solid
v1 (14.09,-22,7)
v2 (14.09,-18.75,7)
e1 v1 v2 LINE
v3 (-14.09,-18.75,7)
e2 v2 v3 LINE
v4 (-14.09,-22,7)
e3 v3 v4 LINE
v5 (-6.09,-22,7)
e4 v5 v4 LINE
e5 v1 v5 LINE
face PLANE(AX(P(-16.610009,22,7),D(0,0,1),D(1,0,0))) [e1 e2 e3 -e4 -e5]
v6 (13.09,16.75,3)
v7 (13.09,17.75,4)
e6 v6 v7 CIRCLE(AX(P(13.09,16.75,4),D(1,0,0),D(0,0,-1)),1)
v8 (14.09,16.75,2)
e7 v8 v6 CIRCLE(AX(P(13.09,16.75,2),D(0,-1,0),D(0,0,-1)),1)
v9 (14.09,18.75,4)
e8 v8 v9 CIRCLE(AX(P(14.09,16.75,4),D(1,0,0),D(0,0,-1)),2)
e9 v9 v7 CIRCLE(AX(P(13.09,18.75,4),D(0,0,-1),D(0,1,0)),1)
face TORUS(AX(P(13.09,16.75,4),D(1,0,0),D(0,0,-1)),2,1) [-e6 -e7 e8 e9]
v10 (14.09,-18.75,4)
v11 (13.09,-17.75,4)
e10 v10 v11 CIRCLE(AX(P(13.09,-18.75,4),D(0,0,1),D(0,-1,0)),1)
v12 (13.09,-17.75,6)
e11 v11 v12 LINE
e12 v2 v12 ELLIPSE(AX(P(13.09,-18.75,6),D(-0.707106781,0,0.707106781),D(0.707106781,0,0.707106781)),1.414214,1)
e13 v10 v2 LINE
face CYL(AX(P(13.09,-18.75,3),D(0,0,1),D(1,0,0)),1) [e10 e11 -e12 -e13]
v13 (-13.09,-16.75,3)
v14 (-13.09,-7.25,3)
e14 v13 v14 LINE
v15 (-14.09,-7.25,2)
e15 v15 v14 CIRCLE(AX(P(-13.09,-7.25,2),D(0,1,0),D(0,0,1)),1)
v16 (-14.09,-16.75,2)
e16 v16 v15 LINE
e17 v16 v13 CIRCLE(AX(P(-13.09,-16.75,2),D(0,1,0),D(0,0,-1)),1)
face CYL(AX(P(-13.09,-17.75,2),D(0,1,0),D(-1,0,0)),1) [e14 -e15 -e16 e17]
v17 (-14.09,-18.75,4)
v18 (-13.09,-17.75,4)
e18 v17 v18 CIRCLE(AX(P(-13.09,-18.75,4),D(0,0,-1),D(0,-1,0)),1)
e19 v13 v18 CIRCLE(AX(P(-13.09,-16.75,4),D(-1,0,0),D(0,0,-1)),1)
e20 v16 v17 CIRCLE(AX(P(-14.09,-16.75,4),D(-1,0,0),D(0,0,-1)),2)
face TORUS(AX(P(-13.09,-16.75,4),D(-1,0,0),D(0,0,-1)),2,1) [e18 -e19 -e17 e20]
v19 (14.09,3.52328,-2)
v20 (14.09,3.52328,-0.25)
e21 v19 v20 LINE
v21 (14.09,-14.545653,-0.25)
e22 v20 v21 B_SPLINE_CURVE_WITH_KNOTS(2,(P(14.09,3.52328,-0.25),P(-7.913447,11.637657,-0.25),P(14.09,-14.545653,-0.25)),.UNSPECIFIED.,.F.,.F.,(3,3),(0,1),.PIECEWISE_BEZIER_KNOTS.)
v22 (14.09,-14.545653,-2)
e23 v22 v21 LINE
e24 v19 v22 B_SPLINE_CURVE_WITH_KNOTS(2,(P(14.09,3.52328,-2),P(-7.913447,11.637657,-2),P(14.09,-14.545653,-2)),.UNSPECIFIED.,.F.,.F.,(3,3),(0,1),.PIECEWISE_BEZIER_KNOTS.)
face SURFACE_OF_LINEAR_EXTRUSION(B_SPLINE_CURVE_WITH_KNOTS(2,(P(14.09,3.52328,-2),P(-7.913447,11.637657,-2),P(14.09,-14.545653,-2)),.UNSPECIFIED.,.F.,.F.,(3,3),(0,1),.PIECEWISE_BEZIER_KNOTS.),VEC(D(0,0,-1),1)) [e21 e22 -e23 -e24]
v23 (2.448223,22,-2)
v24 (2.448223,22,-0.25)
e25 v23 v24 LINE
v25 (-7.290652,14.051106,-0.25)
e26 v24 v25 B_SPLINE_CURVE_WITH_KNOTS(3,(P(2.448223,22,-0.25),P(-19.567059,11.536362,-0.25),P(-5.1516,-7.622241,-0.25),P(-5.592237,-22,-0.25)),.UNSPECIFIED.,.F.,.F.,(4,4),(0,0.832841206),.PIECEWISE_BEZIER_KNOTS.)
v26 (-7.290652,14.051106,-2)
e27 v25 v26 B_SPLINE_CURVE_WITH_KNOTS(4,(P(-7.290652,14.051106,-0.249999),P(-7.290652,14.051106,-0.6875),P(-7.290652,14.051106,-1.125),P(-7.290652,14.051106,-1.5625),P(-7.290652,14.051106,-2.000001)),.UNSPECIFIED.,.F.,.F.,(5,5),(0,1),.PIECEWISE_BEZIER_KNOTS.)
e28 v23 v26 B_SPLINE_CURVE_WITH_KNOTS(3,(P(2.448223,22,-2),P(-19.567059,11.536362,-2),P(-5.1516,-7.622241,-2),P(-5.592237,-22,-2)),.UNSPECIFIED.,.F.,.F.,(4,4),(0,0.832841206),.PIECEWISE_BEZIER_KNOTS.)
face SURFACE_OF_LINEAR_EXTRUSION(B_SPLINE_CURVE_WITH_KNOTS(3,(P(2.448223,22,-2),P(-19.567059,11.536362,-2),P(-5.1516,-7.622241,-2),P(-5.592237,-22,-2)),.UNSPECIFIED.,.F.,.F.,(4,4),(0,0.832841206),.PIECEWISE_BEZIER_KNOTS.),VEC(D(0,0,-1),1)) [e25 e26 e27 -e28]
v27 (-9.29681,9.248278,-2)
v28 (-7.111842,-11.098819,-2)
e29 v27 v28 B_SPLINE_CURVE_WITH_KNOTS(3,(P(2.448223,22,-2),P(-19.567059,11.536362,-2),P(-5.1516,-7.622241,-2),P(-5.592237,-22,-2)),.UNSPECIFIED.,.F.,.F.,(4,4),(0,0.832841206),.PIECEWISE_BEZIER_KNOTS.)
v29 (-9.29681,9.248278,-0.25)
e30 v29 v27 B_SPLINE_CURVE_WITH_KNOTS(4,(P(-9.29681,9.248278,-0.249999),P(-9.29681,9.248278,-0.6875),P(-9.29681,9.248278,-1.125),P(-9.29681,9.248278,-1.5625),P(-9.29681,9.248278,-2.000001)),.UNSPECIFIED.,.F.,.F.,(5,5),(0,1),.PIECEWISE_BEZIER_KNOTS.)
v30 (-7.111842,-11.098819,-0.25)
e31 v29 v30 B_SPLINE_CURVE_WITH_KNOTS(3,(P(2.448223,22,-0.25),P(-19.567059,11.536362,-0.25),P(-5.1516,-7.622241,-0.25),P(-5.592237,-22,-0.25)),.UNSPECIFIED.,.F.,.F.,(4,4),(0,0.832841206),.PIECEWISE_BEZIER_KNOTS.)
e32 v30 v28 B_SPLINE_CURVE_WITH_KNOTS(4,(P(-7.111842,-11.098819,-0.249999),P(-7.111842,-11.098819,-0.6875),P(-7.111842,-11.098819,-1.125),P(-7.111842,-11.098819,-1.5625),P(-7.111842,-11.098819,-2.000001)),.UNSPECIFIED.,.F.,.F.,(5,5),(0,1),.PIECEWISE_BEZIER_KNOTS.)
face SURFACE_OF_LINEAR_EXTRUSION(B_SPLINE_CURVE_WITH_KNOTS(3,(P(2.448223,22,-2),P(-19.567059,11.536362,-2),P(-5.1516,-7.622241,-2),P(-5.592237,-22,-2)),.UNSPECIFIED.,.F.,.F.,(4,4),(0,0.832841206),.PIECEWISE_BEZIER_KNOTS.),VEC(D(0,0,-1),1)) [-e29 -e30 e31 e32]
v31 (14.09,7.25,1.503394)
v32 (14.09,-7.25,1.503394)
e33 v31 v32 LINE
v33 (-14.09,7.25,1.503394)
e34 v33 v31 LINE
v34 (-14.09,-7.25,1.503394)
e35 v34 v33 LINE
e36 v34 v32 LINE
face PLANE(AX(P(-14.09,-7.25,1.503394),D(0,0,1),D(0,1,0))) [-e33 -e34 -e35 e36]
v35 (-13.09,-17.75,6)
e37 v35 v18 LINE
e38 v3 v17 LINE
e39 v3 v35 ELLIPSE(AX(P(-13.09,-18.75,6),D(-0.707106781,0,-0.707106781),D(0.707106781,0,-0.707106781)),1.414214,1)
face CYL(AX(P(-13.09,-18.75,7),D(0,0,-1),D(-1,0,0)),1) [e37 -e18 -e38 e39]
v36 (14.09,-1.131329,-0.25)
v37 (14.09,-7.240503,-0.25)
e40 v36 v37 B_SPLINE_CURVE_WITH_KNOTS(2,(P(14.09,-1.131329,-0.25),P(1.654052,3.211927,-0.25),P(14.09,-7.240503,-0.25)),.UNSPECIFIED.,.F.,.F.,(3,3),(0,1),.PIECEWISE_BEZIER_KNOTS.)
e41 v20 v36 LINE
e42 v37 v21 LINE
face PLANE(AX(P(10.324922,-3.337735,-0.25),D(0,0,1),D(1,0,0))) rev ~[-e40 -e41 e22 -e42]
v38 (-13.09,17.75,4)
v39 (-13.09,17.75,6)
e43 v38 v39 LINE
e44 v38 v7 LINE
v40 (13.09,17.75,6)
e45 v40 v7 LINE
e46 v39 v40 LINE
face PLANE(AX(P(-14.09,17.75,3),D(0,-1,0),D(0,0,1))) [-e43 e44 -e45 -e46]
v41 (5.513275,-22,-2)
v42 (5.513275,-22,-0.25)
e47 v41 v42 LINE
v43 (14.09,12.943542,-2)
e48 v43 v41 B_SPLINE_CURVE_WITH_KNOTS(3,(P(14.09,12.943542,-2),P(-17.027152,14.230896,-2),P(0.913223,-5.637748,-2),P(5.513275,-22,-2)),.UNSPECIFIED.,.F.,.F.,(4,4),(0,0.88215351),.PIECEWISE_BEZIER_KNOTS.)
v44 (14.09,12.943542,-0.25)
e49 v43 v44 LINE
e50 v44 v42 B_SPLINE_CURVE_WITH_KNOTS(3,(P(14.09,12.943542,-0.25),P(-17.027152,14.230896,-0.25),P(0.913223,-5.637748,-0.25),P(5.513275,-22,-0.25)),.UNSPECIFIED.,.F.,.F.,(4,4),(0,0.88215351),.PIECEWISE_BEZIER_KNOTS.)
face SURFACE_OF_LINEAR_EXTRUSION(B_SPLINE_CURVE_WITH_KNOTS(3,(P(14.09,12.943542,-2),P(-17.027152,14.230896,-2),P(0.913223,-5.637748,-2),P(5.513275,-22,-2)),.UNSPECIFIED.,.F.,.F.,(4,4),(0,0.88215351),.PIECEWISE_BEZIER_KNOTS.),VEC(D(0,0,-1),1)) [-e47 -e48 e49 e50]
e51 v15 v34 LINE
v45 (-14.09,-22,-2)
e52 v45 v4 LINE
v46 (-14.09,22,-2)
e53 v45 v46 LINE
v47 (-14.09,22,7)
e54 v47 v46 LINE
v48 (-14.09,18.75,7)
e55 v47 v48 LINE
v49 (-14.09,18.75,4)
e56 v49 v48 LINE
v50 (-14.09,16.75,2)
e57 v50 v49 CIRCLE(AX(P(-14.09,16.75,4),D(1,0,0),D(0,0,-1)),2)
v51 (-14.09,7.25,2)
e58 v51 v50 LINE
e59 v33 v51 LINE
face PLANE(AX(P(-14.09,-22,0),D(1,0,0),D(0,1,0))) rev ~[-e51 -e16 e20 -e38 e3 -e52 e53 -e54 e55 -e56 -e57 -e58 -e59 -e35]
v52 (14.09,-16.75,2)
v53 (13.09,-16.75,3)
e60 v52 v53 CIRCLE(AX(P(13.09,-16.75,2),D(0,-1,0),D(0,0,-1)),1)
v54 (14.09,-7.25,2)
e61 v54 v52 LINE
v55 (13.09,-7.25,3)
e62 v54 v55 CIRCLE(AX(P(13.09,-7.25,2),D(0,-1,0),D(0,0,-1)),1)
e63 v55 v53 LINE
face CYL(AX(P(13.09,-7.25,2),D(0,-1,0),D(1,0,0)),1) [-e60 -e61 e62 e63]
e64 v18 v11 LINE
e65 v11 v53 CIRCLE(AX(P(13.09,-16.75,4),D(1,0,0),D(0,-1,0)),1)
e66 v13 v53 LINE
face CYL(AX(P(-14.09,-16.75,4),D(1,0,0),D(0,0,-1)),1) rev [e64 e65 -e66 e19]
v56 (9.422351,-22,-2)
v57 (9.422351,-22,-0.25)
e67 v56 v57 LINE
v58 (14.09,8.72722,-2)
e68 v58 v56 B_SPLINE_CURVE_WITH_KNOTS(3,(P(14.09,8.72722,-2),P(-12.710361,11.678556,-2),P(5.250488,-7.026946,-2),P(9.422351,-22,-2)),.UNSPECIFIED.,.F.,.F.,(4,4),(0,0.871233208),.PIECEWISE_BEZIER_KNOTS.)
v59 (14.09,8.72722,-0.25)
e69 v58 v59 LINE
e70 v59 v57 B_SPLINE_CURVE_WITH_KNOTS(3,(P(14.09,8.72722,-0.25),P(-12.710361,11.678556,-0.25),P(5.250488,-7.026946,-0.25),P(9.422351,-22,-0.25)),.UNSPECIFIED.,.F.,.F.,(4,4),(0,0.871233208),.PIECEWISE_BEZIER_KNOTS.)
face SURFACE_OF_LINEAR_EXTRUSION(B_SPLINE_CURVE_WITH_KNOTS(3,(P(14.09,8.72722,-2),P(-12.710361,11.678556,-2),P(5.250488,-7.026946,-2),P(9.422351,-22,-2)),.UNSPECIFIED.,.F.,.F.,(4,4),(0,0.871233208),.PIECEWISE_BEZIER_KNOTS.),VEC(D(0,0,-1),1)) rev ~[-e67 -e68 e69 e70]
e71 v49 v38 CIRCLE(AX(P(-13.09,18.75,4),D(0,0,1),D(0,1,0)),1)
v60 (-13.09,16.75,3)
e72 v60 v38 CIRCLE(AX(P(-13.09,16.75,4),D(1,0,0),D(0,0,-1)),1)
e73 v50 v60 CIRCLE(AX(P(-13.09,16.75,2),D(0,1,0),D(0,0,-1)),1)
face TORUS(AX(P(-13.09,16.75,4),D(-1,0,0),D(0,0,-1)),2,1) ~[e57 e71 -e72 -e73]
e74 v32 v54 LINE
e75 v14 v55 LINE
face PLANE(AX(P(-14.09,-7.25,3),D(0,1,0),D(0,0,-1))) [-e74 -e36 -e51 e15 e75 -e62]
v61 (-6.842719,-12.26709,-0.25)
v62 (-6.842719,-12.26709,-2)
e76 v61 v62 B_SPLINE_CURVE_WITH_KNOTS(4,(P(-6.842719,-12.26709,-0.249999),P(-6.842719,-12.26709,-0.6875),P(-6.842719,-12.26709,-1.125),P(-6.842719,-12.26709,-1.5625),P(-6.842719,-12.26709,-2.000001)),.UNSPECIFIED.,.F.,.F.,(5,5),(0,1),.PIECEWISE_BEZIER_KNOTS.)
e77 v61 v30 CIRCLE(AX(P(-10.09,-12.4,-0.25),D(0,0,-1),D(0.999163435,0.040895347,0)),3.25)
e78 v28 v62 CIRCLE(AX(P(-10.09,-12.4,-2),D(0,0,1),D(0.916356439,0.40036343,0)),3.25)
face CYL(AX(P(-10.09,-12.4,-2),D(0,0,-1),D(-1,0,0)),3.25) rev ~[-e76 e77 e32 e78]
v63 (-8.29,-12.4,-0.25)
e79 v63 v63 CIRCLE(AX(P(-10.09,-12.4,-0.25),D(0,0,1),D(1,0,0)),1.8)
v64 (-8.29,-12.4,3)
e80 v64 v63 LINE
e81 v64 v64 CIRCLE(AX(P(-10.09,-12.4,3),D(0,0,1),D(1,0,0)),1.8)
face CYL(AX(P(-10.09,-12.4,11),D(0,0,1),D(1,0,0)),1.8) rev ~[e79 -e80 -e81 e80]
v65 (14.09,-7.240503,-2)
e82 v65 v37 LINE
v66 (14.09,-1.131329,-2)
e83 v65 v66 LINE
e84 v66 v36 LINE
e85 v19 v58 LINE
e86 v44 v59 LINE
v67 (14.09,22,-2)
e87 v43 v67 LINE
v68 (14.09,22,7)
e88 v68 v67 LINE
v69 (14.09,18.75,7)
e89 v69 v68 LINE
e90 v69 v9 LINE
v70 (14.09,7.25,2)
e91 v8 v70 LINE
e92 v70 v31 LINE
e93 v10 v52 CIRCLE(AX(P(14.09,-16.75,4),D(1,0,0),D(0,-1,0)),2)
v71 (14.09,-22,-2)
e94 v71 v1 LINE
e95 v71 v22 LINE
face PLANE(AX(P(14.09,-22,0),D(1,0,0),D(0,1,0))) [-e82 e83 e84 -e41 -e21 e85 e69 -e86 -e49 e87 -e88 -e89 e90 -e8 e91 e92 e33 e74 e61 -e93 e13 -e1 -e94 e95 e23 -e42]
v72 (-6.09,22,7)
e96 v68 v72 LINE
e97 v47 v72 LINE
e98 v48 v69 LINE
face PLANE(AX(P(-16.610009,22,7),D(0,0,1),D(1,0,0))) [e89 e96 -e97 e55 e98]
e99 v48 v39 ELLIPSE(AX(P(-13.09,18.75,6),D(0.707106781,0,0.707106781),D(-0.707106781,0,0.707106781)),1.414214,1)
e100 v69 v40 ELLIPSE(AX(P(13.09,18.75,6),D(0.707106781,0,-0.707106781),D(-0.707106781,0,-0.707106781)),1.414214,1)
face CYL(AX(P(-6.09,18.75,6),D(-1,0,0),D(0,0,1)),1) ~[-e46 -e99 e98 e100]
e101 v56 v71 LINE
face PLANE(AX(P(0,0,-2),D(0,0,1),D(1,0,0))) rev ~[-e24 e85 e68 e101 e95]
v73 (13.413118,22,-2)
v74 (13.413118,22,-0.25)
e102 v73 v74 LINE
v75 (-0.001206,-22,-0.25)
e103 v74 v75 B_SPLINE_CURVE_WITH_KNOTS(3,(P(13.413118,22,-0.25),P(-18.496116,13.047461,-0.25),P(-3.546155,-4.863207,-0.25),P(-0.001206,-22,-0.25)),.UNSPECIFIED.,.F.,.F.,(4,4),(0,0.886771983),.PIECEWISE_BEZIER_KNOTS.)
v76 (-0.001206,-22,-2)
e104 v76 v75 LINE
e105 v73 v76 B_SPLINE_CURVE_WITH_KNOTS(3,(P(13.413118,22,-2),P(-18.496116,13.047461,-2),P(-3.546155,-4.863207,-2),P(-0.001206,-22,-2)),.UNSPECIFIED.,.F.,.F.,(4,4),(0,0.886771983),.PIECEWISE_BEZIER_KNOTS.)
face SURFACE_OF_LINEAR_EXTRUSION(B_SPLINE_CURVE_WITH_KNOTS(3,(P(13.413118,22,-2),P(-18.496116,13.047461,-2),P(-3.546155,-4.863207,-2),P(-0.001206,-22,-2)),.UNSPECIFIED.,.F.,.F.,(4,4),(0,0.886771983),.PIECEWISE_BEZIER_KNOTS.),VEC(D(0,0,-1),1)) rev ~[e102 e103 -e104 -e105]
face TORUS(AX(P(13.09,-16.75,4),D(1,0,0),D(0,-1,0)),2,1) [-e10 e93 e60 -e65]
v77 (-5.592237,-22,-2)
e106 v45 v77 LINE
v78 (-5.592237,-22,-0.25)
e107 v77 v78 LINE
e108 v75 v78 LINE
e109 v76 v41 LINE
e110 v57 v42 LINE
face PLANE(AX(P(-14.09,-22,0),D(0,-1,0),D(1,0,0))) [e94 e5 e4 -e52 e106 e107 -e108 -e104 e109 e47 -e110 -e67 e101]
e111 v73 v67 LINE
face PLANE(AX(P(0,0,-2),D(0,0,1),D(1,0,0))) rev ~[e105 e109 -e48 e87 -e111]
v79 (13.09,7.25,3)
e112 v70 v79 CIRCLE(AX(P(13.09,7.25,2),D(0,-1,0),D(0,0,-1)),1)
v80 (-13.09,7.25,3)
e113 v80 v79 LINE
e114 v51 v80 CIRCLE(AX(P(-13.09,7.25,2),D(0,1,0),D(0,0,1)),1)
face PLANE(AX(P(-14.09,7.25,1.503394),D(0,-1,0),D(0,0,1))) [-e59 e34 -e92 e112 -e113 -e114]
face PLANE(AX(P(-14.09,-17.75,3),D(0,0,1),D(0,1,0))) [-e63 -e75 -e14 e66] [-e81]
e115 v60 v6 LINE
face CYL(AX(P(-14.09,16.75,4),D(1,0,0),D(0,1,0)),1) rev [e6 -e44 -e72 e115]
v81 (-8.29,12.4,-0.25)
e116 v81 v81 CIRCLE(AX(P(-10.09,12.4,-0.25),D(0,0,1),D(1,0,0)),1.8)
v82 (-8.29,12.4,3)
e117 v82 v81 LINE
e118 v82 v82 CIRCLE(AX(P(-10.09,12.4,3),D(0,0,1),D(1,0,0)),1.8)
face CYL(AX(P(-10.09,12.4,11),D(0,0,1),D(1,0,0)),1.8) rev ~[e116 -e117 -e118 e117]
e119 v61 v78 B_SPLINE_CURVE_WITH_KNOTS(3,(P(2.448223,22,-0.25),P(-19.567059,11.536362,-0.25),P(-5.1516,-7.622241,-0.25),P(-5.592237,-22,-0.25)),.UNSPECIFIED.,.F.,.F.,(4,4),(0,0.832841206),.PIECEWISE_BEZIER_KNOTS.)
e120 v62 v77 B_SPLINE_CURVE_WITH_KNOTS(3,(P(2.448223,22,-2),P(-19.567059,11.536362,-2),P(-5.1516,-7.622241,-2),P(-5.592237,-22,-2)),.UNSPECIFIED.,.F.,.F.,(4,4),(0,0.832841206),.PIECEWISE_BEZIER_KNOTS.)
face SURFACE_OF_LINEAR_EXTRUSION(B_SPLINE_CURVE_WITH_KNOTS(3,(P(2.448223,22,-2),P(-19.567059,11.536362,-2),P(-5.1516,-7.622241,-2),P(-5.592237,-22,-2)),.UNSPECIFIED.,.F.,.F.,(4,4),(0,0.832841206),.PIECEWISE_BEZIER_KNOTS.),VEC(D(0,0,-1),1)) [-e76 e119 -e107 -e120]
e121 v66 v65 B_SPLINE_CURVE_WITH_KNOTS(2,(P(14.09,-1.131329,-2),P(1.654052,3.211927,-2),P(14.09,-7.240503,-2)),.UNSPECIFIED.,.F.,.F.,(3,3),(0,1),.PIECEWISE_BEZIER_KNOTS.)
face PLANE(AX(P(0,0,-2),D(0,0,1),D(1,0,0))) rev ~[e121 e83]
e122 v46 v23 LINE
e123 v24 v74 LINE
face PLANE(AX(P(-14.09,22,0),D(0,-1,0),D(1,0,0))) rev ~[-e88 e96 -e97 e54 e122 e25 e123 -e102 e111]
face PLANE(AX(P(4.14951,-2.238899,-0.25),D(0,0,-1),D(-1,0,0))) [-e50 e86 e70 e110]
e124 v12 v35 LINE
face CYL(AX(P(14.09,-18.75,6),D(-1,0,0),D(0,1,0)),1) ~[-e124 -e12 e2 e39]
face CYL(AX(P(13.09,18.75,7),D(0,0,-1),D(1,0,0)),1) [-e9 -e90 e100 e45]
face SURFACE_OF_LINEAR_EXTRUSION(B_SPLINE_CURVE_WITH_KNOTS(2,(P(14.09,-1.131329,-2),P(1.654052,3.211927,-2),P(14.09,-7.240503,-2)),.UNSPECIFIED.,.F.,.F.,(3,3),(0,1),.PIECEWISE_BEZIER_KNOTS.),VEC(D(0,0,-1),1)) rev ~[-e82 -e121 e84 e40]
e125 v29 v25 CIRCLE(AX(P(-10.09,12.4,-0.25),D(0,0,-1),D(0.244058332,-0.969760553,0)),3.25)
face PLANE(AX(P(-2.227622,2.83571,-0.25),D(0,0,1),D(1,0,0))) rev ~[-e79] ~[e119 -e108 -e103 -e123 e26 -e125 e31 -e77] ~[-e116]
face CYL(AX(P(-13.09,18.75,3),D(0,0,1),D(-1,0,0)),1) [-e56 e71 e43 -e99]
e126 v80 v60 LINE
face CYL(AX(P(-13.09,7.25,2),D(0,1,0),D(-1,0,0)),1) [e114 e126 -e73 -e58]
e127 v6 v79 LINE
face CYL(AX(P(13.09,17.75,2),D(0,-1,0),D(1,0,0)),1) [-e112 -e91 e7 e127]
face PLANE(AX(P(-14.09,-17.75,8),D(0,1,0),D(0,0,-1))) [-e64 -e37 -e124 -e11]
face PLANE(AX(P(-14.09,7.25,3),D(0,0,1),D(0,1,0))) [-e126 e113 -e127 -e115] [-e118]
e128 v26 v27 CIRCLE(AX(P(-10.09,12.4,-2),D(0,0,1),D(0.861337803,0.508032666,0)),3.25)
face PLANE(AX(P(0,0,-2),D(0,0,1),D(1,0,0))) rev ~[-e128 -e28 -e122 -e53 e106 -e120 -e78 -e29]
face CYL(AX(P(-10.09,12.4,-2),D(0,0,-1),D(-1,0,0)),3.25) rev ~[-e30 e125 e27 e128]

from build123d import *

# Parameters (mm, degrees)
SKETCH1_W                = 28.18
SKETCH1_H                = 44
BOSS_EXTRUDE1_DEPTH      = 11
BOSS_EXTRUDE1_DEPTH_BACK = 2
CUT_EXTRUDE1_DEPTH       = 37
SKETCH4_W                = 20.18
SKETCH4_H                = 4
CUT_EXTRUDE2_DEPTH       = 48
CUT_EXTRUDE3_DEPTH       = 1.75
SKETCH7_R                = 1.8
CUT_EXTRUDE4_DEPTH       = 23
SKETCH10_W               = 11.795844225
SKETCH10_H               = 4.586005201
CUT_EXTRUDE7_DEPTH       = 53
FILLET1_R                = 1
SKETCH8_R                = 3.25
CUT_EXTRUDE5_DEPTH       = 1.75


with BuildPart() as part:
    # Sketch1 → Boss-Extrude1 (new body, two sides)
    with BuildSketch(Plane.XY) as boss_extrude1_sk:
        Rectangle(SKETCH1_W, SKETCH1_H)
    extrude(amount=BOSS_EXTRUDE1_DEPTH)
    extrude(boss_extrude1_sk.sketch, amount=-BOSS_EXTRUDE1_DEPTH_BACK)

    # Sketch3 → Cut-Extrude1 (cut)
    with BuildSketch(Plane.ZY.offset(14.09)):
        Polygon((8, 7.25), (11, 7.25), (11, -7.25), (8, -7.25), (8, -17.75), (3, -17.75), (3, -7.25), (1.5033938, -7.25), (1.5033938, 7.25), (3, 7.25), (3, 17.75), (8, 17.75), align=None)
    extrude(amount=-CUT_EXTRUDE1_DEPTH, mode=Mode.SUBTRACT)

    # Sketch4 → Cut-Extrude2 (cut)
    with BuildSketch(Plane.XZ.offset(22)):
        with Locations((4, 9)):
            Rectangle(SKETCH4_W, SKETCH4_H)
    extrude(amount=-CUT_EXTRUDE2_DEPTH, mode=Mode.SUBTRACT)

    # Sketch5 → Cut-Extrude3 (cut)
    with BuildSketch(Plane(origin=(0, 0, -2), x_dir=(-1, 0, 0), z_dir=(0, 0, -1))):
        with BuildLine():
            Line((-9.422350513, -22), (-5.513274624, -22))
            add(Edge.make_bspline(
                [(-14.09, 12.943541527), (17.027152303, 14.230895657), (-0.913223026, -5.637747584), (-5.513274624, -22)],
                knots=[0, 0, 0, 0, 0.88215351, 0.88215351, 0.88215351, 0.88215351], degree=3))
            Line((-14.09, 12.943541527), (-14.09, 8.727219843))
            add(Edge.make_bspline(
                [(-14.09, 8.727219843), (12.710361443, 11.678555955), (-5.250487577, -7.026945605), (-9.422350513, -22)],
                knots=[0, 0, 0, 0, 0.871233208, 0.871233208, 0.871233208, 0.871233208], degree=3))
        make_face()
        with BuildLine():
            add(Edge.make_bspline(
                [(-14.09, 3.523280295), (7.913446573, 11.6376574), (-14.09, -14.545652593)],
                knots=[0, 0, 0, 1, 1, 1], degree=2))
            Line((-14.09, 3.523280295), (-14.09, -1.131328535))
            add(Edge.make_bspline(
                [(-14.09, -1.131328535), (-1.654052468, 3.211926994), (-14.09, -7.240502624)],
                knots=[0, 0, 0, 1, 1, 1], degree=2))
            Line((-14.09, -7.240502624), (-14.09, -14.545652593))
        make_face()
        with BuildLine():
            add(Edge.make_bspline(
                [(-2.448223174, 22), (19.56705897, 11.536361781), (5.151599528, -7.62224079), (5.592236917, -22)],
                knots=[0, 0, 0, 0, 0.832841206, 0.832841206, 0.832841206, 0.832841206], degree=3))
            Line((-2.448223174, 22), (-13.413117725, 22))
            add(Edge.make_bspline(
                [(-13.413117725, 22), (18.496116363, 13.047461166), (3.546154763, -4.863207343), (0.001206333, -22)],
                knots=[0, 0, 0, 0, 0.886771983, 0.886771983, 0.886771983, 0.886771983], degree=3))
            Line((0.001206333, -22), (5.592236917, -22))
        make_face()
    extrude(amount=-CUT_EXTRUDE3_DEPTH, mode=Mode.SUBTRACT)

    # Sketch7 → Cut-Extrude4 (cut)
    with BuildSketch(Plane.XY.offset(11)):
        with Locations((-10.09, 12.4)):
            Circle(SKETCH7_R)
        with Locations((-10.09, -12.4)):
            Circle(SKETCH7_R)
    extrude(amount=-CUT_EXTRUDE4_DEPTH, mode=Mode.SUBTRACT)

    # Sketch10 → Cut-Extrude7 (cut)
    with BuildSketch(Plane(origin=(0, 22, 0), x_dir=(1, 0, 0), z_dir=(0, 1, 0))):
        with Locations((-10.712086776, -9.2930026)):
            Rectangle(SKETCH10_W, SKETCH10_H)
    extrude(amount=-CUT_EXTRUDE7_DEPTH, mode=Mode.SUBTRACT)

    # Fillet1
    fillet1_edges = [part.edges().sort_by_distance(p)[0] for p in [
        (-14.09, 17.75, 5),
        (14.09, -12.5, 3),
        (14.09, 12.5, 3),
        (14.09, 17.75, 5),
        (0, -17.75, 3),
        (0, 17.75, 3),
        (-14.09, -12.5, 3),
        (-14.09, -17.75, 5),
        (-14.09, 12.5, 3),
        (14.09, -17.75, 5),
        (0, -17.75, 7),
        (0, 17.75, 7),
    ]]
    fillet(fillet1_edges, radius=FILLET1_R)

    # Sketch8 → Cut-Extrude5 (cut)
    with BuildSketch(Plane(origin=(0, 0, -2), x_dir=(-1, 0, 0), z_dir=(0, 0, -1))):
        with Locations((10.09, -12.4)):
            Circle(SKETCH8_R)
        with Locations((10.09, 12.4)):
            Circle(SKETCH8_R)
    extrude(amount=-CUT_EXTRUDE5_DEPTH, mode=Mode.SUBTRACT)


solid = part.part
